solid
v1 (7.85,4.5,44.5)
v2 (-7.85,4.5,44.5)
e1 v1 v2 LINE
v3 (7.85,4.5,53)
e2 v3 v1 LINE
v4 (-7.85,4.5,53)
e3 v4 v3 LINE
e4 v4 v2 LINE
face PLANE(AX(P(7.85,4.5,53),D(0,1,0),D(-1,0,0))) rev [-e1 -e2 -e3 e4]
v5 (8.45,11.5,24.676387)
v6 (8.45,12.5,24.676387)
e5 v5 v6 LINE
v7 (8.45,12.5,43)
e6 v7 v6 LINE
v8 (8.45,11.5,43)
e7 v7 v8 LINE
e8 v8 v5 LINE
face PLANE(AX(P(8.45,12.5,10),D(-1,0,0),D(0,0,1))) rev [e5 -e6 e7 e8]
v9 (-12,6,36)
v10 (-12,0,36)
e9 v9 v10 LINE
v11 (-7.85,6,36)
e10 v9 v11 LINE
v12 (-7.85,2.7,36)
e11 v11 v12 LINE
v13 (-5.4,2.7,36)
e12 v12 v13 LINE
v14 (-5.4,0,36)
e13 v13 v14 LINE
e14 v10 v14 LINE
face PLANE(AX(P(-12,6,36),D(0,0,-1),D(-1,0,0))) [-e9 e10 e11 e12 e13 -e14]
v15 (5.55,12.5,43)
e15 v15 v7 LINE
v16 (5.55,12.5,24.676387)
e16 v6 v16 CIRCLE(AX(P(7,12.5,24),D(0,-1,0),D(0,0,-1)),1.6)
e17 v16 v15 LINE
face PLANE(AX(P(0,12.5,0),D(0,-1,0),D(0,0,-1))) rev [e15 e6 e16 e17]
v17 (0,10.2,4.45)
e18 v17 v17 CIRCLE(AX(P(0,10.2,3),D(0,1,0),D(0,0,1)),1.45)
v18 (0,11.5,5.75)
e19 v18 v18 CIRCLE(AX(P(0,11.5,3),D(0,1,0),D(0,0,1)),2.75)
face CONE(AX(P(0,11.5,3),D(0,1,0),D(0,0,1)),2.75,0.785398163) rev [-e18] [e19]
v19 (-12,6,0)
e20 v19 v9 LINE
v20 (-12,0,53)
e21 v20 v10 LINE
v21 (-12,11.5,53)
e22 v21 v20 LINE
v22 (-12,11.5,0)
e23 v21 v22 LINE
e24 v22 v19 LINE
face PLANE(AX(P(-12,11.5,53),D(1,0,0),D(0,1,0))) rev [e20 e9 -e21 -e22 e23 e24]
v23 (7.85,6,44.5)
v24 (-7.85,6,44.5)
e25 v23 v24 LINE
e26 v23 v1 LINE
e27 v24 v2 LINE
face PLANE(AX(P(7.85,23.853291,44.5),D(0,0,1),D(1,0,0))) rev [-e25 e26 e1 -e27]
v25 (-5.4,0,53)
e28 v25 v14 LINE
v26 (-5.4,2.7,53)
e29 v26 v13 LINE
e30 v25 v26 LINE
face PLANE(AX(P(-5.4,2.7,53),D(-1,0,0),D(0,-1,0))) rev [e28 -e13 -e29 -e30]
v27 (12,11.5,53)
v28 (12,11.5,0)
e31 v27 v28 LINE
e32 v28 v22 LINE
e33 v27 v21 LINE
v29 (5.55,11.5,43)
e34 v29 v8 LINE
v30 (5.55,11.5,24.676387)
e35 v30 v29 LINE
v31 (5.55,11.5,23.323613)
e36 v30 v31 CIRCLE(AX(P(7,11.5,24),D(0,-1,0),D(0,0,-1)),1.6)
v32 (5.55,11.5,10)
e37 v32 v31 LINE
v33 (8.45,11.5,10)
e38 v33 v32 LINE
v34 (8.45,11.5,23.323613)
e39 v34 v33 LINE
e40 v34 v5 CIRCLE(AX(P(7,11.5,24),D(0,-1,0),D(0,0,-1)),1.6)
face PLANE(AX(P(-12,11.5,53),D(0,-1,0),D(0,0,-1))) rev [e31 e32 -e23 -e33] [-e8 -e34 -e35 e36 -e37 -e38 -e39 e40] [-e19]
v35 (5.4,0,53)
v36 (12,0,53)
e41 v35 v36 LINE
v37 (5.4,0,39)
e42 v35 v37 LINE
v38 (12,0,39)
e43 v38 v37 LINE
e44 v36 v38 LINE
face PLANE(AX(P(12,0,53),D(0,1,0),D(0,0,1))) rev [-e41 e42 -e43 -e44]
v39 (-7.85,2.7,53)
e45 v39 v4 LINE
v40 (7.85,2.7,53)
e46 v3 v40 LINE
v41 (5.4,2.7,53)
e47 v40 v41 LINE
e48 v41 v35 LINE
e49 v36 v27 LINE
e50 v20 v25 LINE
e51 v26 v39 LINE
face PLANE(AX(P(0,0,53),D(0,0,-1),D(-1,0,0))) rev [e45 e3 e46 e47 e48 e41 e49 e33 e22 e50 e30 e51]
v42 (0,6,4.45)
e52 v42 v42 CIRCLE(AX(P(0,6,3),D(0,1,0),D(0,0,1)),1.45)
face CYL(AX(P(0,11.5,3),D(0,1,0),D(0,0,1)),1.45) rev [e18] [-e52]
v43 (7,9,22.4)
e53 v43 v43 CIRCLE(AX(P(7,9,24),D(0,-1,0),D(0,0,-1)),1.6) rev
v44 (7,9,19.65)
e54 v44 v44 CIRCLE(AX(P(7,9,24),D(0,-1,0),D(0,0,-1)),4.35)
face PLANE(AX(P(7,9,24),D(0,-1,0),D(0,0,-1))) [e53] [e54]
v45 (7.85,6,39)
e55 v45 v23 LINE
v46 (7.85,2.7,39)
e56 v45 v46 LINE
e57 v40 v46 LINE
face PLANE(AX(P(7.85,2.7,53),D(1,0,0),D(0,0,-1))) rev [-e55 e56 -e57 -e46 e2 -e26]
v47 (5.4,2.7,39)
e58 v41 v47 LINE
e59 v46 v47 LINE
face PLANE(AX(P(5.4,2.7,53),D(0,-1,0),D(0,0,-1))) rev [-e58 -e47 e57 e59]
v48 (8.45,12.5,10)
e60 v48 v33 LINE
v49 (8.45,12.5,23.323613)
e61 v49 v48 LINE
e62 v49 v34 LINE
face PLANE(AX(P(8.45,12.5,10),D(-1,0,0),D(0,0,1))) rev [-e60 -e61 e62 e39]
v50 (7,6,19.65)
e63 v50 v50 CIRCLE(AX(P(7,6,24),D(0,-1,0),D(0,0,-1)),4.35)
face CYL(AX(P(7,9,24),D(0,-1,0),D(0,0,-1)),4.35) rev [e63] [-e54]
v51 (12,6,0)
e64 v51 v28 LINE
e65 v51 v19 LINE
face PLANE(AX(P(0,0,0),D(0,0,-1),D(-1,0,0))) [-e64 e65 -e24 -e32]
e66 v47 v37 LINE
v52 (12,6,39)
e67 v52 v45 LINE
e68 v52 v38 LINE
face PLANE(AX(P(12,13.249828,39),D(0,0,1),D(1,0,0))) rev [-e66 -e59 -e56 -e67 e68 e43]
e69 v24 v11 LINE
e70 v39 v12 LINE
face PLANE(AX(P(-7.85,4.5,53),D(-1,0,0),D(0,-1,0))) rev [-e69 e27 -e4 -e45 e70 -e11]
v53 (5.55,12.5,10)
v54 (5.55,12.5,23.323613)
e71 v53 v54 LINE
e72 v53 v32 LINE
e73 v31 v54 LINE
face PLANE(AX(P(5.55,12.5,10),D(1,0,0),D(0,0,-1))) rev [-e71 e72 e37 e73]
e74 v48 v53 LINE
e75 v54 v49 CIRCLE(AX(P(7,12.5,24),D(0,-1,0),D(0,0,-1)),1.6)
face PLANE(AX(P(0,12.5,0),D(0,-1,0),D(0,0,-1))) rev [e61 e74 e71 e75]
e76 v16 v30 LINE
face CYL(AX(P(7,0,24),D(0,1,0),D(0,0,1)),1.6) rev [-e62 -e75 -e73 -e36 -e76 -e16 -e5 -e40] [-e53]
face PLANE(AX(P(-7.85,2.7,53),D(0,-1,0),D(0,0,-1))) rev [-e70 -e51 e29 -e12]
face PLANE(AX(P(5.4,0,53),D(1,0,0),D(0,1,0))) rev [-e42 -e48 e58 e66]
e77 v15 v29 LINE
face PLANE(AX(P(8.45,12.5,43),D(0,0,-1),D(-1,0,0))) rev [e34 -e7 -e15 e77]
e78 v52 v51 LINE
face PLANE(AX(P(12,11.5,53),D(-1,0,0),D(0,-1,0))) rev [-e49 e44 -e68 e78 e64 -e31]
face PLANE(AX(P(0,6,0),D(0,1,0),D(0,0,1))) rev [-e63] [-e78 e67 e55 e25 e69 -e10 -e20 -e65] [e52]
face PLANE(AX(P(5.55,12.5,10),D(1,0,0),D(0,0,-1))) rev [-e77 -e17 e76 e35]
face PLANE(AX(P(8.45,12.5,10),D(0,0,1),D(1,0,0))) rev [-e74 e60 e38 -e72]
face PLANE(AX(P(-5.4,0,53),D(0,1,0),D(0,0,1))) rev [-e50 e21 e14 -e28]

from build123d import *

# Parameters (mm, degrees)
MAIN_DEPTH                                        = 53
SKETCH2_W                                         = 24
SKETCH2_H                                         = 36
CUT_EXTRUDE1_DEPTH                                = 6
SKETCH3_W                                         = 2.9
SKETCH3_H                                         = 33
MAKERBEAMRAIL_DEPTH                               = 1
SKETCH4_R                                         = 1.6
MAKERBEAMHOLE_DEPTH                               = 13.5
SKETCH5_R                                         = 4.35
MAKERBEAMBIGHOLE_DEPTH                            = 3
SKETCH6_W                                         = 15.7
SKETCH6_H                                         = 8.5
PINHOLES_DEPTH                                    = 1.5
CSK_FOR_M2_5_FLAT_HEAD_MACHINE_SCREW1_D           = 2.9
CSK_FOR_M2_5_FLAT_HEAD_MACHINE_SCREW1_CSINK_D     = 5.5
CSK_FOR_M2_5_FLAT_HEAD_MACHINE_SCREW1_CSINK_ANGLE = 90
SKETCH9_W                                         = 6.6
SKETCH9_H                                         = 3
CUT_EXTRUDE5_DEPTH                                = 6


with BuildPart() as part:
    # Sketch1 → Main (new body)
    with BuildSketch(Plane.XY):
        Polygon((12, 0), (5.4, 0), (5.4, 2.7), (7.85, 2.7), (7.85, 4.5), (-7.85, 4.5), (-7.85, 2.7), (-5.4, 2.7), (-5.4, 0), (-12, 0), (-12, 11.5), (12, 11.5), align=None)
    extrude(amount=MAIN_DEPTH)

    # Sketch2 → Cut-Extrude1 (cut)
    with BuildSketch(Plane(origin=(0, 0, 0), x_dir=(1, 0, 0), z_dir=(0, 1, 0))):
        with Locations((0, -18)):
            Rectangle(SKETCH2_W, SKETCH2_H)
    extrude(amount=CUT_EXTRUDE1_DEPTH, mode=Mode.SUBTRACT)

    # Sketch3 → MakerBeamRail (add)
    with BuildSketch(Plane(origin=(0, 11.5, 0), x_dir=(1, 0, 0), z_dir=(0, 1, 0))):
        with Locations((7, -26.5)):
            Rectangle(SKETCH3_W, SKETCH3_H)
    extrude(amount=MAKERBEAMRAIL_DEPTH)

    # Sketch4 → MakerBeamHole (cut, through all)
    with BuildSketch(Plane(origin=(0, 12.5, 0), x_dir=(1, 0, 0), z_dir=(0, 1, 0))):
        with Locations((7, -24)):
            Circle(SKETCH4_R)
    extrude(amount=-MAKERBEAMHOLE_DEPTH, mode=Mode.SUBTRACT)

    # Sketch5 → MakerBeamBigHole (cut)
    with BuildSketch(Plane(origin=(0, 6, 0), x_dir=(-1, 0, 0), z_dir=(0, -1, 0))):
        with Locations((-7, -24)):
            Circle(SKETCH5_R)
    extrude(amount=-MAKERBEAMBIGHOLE_DEPTH, mode=Mode.SUBTRACT)

    # Sketch6 → PinHoles (cut)
    with BuildSketch(Plane.XZ.offset(-4.5)):
        with Locations((0, 40.25)):
            Rectangle(SKETCH6_W, SKETCH6_H)
    extrude(amount=-PINHOLES_DEPTH, mode=Mode.SUBTRACT)

    # CSK for M2.5 Flat Head Machine Screw1 (through all)
    with Locations(Plane(origin=(0, 11.5, 0), x_dir=(1, 0, 0), z_dir=(0, 1, 0))):
        with Locations((0, -3)):
            CounterSinkHole(CSK_FOR_M2_5_FLAT_HEAD_MACHINE_SCREW1_D / 2, CSK_FOR_M2_5_FLAT_HEAD_MACHINE_SCREW1_CSINK_D / 2, counter_sink_angle=CSK_FOR_M2_5_FLAT_HEAD_MACHINE_SCREW1_CSINK_ANGLE)

    # Sketch9 → Cut-Extrude5 (cut)
    with BuildSketch(Plane(origin=(0, 0, 0), x_dir=(-1, 0, 0), z_dir=(0, -1, 0))):
        with Locations((-8.7, -37.5)):
            Rectangle(SKETCH9_W, SKETCH9_H)
    extrude(amount=-CUT_EXTRUDE5_DEPTH, mode=Mode.SUBTRACT)


solid = part.part
